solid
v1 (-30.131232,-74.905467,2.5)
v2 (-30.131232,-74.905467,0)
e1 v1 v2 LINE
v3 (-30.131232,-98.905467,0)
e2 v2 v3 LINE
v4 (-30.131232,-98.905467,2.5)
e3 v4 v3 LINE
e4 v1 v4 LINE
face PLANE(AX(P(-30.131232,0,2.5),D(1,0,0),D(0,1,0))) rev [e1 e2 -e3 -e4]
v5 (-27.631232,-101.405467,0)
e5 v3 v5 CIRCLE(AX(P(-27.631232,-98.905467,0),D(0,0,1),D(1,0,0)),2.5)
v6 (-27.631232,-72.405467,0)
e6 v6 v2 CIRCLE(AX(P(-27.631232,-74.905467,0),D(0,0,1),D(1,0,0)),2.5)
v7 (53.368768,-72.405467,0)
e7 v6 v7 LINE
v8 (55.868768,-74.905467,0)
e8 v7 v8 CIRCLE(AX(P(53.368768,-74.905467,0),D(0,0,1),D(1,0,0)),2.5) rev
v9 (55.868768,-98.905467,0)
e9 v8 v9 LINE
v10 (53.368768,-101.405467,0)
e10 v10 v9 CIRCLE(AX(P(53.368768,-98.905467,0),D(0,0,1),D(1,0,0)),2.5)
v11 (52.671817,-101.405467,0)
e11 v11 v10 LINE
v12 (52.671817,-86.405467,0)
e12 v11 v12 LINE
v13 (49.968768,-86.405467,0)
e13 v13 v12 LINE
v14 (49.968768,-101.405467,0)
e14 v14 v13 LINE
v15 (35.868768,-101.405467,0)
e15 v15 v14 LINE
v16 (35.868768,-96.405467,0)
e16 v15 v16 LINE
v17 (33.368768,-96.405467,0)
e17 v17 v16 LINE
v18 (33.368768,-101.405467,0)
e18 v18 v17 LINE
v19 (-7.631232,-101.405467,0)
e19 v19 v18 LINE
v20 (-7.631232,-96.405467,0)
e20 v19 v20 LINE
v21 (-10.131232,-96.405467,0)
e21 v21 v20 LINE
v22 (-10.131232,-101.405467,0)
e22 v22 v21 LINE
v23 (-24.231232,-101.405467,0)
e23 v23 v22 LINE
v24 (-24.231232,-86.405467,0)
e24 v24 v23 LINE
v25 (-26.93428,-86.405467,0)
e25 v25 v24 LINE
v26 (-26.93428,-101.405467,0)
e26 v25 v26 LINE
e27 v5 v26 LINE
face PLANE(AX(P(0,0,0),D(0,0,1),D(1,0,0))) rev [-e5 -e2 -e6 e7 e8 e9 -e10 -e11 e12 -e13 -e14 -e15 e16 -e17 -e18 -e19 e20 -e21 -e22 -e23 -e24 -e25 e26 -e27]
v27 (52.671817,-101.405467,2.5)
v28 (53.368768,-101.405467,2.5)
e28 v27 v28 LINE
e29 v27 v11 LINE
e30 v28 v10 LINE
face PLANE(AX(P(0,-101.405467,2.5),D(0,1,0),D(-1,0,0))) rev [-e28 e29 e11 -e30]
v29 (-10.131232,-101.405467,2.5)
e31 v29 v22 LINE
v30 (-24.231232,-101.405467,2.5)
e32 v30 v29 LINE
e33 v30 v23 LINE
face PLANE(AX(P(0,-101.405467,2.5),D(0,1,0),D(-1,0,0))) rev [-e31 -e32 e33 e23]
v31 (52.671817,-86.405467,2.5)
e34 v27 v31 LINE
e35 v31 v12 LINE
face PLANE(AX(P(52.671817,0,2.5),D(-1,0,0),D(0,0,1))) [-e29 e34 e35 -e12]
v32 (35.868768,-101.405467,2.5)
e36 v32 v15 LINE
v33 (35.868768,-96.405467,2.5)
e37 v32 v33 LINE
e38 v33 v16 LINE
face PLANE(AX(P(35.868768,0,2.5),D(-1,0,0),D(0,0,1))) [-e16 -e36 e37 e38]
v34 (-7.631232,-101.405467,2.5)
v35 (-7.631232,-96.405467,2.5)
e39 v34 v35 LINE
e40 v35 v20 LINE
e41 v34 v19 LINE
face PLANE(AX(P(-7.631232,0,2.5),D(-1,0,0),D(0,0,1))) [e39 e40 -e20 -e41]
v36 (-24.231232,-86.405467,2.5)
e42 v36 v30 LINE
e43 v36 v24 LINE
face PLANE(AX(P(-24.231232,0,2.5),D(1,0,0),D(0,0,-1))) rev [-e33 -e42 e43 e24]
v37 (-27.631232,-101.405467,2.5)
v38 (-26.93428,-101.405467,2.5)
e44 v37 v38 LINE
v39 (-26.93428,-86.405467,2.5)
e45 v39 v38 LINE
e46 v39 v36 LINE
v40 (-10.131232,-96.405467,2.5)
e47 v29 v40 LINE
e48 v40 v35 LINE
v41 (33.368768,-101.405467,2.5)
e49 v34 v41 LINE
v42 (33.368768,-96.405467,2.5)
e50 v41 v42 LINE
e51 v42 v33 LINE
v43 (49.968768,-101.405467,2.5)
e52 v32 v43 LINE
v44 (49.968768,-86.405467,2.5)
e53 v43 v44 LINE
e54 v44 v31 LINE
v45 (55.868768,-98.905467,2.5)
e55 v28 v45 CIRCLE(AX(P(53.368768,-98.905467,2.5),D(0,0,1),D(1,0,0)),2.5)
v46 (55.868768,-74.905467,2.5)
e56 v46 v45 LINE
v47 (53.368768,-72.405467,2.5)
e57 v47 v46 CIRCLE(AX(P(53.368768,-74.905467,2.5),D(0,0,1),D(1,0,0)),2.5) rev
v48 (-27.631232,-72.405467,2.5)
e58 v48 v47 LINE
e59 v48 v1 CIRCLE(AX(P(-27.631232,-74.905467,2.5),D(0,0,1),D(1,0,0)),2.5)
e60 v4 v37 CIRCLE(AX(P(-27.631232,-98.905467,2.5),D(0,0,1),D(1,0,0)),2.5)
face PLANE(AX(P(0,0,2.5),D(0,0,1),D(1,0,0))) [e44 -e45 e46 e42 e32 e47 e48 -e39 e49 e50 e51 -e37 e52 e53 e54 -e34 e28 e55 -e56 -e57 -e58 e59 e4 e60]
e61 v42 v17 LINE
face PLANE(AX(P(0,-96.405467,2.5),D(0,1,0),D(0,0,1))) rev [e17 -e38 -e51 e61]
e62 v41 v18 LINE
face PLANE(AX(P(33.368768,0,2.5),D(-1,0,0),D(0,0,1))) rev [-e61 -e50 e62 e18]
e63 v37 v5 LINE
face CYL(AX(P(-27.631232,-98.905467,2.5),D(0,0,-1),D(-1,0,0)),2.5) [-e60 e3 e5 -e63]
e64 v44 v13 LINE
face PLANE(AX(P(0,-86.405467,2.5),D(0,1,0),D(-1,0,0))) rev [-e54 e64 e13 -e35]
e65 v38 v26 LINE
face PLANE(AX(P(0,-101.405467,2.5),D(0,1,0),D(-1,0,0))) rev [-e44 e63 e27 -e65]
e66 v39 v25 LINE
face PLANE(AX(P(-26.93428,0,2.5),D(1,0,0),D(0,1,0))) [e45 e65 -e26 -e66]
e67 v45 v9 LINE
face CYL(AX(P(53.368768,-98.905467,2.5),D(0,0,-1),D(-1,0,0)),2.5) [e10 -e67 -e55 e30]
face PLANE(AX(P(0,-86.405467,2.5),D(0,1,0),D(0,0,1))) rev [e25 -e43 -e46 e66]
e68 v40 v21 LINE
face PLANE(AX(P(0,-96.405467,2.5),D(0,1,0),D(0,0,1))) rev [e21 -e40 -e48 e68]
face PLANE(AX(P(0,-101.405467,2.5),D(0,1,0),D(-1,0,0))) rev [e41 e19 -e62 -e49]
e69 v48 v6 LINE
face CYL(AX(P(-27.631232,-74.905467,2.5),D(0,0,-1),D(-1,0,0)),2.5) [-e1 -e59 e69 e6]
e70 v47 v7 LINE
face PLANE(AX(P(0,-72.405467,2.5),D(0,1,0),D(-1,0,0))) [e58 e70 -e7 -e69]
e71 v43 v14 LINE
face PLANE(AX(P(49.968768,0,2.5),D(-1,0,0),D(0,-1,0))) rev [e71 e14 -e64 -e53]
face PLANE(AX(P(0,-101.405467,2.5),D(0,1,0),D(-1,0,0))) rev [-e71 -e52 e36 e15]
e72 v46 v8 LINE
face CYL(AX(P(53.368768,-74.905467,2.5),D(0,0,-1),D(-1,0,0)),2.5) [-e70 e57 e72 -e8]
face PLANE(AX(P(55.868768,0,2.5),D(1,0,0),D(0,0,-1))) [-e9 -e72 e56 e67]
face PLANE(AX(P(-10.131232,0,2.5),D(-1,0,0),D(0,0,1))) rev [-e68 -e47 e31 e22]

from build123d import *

# Parameters (mm, degrees)
RESSALTO_EXTRUS_O1_DEPTH = 2.5


with BuildPart() as part:
    # Esboço1 → Ressalto-extrusão1 (new body)
    with BuildSketch(Plane.XY):
        with BuildLine():
            Line((53.368768098, -72.405467359), (-27.631231902, -72.405467359))
            ThreePointArc((-27.631231902, -72.405467359), (-29.398998855, -73.137700406), (-30.131231902, -74.905467359))
            Line((-30.131231902, -74.905467359), (-30.131231902, -98.905467359))
            ThreePointArc((-30.131231902, -98.905467359), (-29.398998855, -100.673234312), (-27.631231902, -101.405467359))
            Line((-27.631231902, -101.405467359), (-26.934280418, -101.405467359))
            Line((-26.934280418, -101.405467359), (-26.934280418, -86.405467359))
            Line((-26.934280418, -86.405467359), (-24.231231902, -86.405467359))
            Line((-24.231231902, -86.405467359), (-24.231231902, -101.405467359))
            Line((-24.231231902, -101.405467359), (-10.131231902, -101.405467359))
            Line((-10.131231902, -101.405467359), (-10.131231902, -96.405467359))
            Line((-10.131231902, -96.405467359), (-7.631231902, -96.405467359))
            Line((-7.631231902, -96.405467359), (-7.631231902, -101.405467359))
            Line((-7.631231902, -101.405467359), (33.368768098, -101.405467359))
            Line((33.368768098, -101.405467359), (33.368768098, -96.405467359))
            Line((33.368768098, -96.405467359), (35.868768098, -96.405467359))
            Line((35.868768098, -96.405467359), (35.868768098, -101.405467359))
            Line((35.868768098, -101.405467359), (49.968768098, -101.405467359))
            Line((49.968768098, -101.405467359), (49.968768098, -86.405467359))
            Line((49.968768098, -86.405467359), (52.671816614, -86.405467359))
            Line((52.671816614, -86.405467359), (52.671816614, -101.405467359))
            Line((52.671816614, -101.405467359), (53.368768098, -101.405467359))
            ThreePointArc((53.368768098, -101.405467359), (55.136535051, -100.673234312), (55.868768098, -98.905467359))
            Line((55.868768098, -98.905467359), (55.868768098, -74.905467359))
            ThreePointArc((55.868768098, -74.905467359), (55.136535051, -73.137700406), (53.368768098, -72.405467359))
        make_face()
    extrude(amount=RESSALTO_EXTRUS_O1_DEPTH)


solid = part.part
